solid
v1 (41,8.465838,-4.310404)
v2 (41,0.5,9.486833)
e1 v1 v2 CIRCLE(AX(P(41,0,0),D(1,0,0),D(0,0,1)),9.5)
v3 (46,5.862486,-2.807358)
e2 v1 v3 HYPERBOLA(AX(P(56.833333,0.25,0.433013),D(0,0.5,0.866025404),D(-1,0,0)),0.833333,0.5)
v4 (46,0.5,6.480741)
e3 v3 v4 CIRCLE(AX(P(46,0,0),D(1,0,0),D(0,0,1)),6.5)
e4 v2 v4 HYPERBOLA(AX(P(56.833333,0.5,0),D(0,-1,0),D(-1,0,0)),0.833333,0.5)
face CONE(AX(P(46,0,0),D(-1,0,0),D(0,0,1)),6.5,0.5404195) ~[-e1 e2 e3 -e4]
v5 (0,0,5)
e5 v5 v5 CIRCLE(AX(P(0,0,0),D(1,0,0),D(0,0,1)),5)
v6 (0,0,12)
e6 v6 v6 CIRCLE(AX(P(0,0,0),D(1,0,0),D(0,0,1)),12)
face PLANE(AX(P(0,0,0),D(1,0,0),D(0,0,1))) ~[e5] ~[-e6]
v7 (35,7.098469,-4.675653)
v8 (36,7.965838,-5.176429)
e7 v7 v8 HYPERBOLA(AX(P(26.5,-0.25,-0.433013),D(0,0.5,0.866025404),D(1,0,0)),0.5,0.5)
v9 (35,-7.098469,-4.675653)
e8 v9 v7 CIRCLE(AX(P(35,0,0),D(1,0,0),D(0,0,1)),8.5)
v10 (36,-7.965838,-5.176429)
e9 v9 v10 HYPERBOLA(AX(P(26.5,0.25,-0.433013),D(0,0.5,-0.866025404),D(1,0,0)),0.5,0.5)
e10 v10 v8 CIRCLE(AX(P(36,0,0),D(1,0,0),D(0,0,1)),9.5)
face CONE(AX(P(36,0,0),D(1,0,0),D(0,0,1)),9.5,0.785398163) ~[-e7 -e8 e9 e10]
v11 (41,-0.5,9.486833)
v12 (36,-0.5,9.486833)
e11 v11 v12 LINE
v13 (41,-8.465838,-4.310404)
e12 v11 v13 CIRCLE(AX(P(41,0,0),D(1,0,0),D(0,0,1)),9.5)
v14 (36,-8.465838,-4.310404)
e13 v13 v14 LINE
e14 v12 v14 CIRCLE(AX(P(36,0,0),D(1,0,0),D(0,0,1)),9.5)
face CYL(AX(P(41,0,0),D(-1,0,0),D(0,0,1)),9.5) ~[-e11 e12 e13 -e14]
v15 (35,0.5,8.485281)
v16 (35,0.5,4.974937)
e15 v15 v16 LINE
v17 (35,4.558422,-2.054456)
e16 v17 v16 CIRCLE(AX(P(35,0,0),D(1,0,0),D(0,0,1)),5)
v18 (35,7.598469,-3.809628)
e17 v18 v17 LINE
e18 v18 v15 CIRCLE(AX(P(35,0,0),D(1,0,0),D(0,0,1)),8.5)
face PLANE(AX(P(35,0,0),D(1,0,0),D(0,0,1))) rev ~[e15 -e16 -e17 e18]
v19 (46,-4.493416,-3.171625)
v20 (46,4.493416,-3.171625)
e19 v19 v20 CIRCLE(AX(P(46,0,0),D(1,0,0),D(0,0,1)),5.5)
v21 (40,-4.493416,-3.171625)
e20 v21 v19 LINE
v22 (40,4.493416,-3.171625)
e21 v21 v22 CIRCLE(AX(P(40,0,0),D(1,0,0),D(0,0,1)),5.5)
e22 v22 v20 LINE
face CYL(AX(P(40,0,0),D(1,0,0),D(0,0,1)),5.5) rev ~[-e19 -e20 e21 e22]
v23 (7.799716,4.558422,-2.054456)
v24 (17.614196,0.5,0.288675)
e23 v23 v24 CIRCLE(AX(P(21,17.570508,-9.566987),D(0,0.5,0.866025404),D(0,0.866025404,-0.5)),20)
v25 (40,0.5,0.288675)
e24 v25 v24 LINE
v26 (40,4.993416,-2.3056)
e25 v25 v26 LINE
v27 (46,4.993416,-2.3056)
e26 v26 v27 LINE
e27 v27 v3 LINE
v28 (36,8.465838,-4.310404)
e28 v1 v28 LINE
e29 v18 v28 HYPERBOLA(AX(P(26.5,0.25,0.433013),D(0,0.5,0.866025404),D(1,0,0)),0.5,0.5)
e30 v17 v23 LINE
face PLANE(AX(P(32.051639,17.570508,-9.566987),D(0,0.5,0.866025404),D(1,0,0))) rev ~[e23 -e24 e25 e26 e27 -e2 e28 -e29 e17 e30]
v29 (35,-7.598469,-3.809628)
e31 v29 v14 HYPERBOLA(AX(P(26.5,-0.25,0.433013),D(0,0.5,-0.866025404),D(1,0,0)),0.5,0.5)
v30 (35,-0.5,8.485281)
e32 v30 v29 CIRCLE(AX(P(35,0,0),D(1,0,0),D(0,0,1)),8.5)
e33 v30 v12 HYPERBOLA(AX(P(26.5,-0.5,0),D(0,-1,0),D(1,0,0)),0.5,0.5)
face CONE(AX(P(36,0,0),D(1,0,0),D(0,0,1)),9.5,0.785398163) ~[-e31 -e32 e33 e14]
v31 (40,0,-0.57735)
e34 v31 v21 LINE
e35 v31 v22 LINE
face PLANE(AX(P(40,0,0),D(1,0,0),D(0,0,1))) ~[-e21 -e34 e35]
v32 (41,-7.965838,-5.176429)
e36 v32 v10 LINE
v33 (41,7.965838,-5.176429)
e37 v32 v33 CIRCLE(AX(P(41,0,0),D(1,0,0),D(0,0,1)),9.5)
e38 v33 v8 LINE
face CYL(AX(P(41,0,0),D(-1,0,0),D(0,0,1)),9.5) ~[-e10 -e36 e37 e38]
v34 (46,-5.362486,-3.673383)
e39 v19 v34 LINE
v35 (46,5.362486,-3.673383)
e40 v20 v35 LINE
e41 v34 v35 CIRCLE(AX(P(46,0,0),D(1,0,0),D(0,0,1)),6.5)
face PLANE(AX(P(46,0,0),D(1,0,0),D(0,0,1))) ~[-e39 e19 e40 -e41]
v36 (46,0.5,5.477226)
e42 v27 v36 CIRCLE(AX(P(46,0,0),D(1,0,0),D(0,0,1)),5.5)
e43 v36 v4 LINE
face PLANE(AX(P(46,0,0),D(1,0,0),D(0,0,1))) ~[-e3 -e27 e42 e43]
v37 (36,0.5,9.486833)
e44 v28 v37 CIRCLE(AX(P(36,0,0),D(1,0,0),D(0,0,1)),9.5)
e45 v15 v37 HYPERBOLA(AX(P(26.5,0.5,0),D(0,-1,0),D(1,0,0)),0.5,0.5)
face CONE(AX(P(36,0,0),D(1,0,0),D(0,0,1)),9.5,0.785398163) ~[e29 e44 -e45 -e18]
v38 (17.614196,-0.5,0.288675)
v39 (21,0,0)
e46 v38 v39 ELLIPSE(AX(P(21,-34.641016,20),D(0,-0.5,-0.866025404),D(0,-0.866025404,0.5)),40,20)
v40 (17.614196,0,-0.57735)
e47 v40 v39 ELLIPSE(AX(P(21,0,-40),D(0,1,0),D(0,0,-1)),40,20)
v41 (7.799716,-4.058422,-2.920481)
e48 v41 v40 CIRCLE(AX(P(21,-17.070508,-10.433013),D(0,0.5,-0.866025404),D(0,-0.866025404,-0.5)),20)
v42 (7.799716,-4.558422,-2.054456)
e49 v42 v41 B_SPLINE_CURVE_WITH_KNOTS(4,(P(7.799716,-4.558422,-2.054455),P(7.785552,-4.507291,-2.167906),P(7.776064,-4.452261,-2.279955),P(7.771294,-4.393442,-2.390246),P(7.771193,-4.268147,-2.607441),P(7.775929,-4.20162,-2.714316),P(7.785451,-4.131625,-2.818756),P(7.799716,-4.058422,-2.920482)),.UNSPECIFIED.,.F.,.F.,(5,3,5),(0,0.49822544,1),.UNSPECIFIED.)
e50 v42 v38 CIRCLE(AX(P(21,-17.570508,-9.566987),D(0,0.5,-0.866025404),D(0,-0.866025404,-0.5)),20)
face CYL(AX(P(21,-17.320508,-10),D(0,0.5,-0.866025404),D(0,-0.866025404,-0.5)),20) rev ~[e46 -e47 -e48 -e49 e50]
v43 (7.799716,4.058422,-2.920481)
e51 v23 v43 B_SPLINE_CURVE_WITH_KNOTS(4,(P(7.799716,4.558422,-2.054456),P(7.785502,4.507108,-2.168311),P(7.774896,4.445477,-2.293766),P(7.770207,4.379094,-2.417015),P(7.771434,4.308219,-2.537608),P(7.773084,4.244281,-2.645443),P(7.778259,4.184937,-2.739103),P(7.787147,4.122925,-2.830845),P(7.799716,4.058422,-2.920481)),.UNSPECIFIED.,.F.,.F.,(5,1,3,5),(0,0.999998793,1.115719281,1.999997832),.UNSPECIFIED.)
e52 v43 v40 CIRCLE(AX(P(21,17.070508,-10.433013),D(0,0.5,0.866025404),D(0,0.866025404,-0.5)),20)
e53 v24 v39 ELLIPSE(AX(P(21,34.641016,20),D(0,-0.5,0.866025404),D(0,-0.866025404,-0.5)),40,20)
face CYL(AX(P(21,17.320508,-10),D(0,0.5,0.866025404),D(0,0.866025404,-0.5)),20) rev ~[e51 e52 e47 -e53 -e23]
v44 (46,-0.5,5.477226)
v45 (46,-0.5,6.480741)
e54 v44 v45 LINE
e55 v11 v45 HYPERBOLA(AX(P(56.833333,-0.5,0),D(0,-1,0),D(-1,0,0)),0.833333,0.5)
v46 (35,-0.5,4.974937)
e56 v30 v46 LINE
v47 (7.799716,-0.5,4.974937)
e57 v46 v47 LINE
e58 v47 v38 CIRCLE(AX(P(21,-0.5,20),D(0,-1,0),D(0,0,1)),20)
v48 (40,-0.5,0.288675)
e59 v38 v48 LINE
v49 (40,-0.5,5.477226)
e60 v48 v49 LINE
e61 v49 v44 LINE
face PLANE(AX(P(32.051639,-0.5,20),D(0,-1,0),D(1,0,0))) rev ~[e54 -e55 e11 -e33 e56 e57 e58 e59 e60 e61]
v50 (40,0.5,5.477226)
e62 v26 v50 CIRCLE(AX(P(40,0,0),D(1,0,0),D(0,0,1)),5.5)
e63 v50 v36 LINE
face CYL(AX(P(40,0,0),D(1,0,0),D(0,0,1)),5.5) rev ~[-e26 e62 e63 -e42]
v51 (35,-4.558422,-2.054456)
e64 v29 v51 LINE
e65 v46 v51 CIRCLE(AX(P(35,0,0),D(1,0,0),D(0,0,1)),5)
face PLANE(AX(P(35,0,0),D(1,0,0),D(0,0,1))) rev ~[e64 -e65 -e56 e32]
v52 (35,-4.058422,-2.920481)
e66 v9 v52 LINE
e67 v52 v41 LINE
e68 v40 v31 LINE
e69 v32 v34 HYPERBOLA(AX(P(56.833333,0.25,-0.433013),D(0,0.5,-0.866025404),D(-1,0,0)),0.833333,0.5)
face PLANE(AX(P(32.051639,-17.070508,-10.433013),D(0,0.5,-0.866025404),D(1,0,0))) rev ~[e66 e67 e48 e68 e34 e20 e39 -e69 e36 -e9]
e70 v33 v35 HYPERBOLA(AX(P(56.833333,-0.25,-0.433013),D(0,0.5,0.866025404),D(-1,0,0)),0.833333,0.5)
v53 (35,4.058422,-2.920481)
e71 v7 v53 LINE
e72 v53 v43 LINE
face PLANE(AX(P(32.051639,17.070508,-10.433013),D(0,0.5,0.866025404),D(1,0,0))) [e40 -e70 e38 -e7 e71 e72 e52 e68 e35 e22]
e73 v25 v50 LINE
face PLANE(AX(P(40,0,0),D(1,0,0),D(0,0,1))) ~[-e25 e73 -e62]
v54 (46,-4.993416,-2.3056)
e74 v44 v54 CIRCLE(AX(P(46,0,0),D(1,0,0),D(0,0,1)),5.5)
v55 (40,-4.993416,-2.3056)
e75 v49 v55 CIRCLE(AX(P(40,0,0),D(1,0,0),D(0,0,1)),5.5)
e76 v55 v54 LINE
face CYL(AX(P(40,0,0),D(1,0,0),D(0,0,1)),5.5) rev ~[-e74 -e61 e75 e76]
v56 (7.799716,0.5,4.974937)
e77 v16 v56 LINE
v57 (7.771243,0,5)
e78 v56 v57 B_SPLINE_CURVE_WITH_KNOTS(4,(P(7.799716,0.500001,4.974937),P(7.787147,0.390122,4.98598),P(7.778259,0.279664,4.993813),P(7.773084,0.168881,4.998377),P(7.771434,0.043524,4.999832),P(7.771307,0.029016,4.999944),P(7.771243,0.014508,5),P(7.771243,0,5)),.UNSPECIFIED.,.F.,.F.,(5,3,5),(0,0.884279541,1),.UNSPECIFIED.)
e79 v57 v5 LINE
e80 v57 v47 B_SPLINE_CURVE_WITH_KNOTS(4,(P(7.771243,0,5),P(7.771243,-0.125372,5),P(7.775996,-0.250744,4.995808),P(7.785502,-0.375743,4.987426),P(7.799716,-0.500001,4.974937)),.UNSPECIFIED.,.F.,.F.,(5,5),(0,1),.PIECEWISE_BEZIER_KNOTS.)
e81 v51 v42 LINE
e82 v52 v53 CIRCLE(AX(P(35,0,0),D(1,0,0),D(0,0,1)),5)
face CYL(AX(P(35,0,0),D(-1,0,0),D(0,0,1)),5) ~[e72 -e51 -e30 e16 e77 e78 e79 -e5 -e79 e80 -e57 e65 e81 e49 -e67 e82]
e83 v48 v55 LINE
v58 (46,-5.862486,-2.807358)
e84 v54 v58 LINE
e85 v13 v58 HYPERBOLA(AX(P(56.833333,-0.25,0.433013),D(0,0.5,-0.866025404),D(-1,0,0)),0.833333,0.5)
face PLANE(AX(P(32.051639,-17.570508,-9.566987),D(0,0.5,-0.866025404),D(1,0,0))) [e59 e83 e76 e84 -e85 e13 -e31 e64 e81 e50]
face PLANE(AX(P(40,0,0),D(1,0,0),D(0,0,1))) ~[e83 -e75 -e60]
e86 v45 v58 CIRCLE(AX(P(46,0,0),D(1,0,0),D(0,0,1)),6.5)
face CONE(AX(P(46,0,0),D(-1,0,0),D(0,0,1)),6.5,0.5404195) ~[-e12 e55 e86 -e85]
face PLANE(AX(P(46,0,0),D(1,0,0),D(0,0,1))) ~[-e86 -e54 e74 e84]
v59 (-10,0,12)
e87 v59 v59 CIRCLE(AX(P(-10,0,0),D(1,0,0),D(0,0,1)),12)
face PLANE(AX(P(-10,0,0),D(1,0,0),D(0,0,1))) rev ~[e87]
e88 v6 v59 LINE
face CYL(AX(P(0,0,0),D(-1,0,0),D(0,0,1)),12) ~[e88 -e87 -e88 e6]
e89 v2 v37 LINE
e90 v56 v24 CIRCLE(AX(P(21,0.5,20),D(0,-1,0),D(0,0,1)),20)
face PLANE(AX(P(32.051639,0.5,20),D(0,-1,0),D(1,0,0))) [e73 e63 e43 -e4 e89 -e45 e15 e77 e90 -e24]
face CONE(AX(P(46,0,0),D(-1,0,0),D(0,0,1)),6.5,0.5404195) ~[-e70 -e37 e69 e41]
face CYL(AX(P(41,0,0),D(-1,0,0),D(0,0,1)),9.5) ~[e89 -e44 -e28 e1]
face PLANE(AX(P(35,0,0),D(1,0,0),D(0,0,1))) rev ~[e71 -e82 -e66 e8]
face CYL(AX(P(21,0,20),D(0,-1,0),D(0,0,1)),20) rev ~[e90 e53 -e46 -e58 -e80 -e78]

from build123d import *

# Parameters (mm, degrees)
F2_SIZE  = 1
F4_DEPTH = 0.5
F5_COUNT = 3


with BuildPart() as f1:
    # F0 (on Front) → F1 (revolve)
    with BuildSketch(Plane.XZ):
        Polygon((35, 5), (0, 5), (0, 12), (-10, 12), (-10, 0), (0, 0), (40, 0), (40, 5.5), (46, 5.5), (46, 6.5), (41, 9.5), (35, 9.5), align=None)
    revolve(axis=Axis((23.443235, 0, 0), (1, 0, 0)))

    # F2
    f2_edges = [f1.edges().sort_by_distance(p)[0] for p in [
        (35, 0, -9.5),
    ]]
    chamfer(f2_edges, length=F2_SIZE)


with BuildPart() as f4:
    # F3 (on Front) → F4 (new body, symmetric)
    with BuildSketch(Plane.XZ):
        with BuildLine():
            Line((55.388199, 40), (21, 40))
            ThreePointArc((21, 40), (1, 20), (21, 0))
            Line((21, 0), (55.388199, 0))
            Line((55.388199, 0), (55.388199, 40))
        make_face()
    extrude(amount=F4_DEPTH, both=True)


with BuildPart() as f5_1:
    # F5: instance of F4
    add(f4.part.rotate(Axis((62.455053, 0, 0), (1, 0, 0)), 1 * 360 / F5_COUNT))


with BuildPart() as f5_2:
    # F5: instance of F4
    add(f4.part.rotate(Axis((62.455053, 0, 0), (1, 0, 0)), 2 * 360 / F5_COUNT))


with BuildPart() as f1_1:
    add(f1.part)

    # F6: cut F4, F5_1, F5_2
    add(f4.part, mode=Mode.SUBTRACT)
    add(f5_1.part, mode=Mode.SUBTRACT)
    add(f5_2.part, mode=Mode.SUBTRACT)


solid = f1_1.part
